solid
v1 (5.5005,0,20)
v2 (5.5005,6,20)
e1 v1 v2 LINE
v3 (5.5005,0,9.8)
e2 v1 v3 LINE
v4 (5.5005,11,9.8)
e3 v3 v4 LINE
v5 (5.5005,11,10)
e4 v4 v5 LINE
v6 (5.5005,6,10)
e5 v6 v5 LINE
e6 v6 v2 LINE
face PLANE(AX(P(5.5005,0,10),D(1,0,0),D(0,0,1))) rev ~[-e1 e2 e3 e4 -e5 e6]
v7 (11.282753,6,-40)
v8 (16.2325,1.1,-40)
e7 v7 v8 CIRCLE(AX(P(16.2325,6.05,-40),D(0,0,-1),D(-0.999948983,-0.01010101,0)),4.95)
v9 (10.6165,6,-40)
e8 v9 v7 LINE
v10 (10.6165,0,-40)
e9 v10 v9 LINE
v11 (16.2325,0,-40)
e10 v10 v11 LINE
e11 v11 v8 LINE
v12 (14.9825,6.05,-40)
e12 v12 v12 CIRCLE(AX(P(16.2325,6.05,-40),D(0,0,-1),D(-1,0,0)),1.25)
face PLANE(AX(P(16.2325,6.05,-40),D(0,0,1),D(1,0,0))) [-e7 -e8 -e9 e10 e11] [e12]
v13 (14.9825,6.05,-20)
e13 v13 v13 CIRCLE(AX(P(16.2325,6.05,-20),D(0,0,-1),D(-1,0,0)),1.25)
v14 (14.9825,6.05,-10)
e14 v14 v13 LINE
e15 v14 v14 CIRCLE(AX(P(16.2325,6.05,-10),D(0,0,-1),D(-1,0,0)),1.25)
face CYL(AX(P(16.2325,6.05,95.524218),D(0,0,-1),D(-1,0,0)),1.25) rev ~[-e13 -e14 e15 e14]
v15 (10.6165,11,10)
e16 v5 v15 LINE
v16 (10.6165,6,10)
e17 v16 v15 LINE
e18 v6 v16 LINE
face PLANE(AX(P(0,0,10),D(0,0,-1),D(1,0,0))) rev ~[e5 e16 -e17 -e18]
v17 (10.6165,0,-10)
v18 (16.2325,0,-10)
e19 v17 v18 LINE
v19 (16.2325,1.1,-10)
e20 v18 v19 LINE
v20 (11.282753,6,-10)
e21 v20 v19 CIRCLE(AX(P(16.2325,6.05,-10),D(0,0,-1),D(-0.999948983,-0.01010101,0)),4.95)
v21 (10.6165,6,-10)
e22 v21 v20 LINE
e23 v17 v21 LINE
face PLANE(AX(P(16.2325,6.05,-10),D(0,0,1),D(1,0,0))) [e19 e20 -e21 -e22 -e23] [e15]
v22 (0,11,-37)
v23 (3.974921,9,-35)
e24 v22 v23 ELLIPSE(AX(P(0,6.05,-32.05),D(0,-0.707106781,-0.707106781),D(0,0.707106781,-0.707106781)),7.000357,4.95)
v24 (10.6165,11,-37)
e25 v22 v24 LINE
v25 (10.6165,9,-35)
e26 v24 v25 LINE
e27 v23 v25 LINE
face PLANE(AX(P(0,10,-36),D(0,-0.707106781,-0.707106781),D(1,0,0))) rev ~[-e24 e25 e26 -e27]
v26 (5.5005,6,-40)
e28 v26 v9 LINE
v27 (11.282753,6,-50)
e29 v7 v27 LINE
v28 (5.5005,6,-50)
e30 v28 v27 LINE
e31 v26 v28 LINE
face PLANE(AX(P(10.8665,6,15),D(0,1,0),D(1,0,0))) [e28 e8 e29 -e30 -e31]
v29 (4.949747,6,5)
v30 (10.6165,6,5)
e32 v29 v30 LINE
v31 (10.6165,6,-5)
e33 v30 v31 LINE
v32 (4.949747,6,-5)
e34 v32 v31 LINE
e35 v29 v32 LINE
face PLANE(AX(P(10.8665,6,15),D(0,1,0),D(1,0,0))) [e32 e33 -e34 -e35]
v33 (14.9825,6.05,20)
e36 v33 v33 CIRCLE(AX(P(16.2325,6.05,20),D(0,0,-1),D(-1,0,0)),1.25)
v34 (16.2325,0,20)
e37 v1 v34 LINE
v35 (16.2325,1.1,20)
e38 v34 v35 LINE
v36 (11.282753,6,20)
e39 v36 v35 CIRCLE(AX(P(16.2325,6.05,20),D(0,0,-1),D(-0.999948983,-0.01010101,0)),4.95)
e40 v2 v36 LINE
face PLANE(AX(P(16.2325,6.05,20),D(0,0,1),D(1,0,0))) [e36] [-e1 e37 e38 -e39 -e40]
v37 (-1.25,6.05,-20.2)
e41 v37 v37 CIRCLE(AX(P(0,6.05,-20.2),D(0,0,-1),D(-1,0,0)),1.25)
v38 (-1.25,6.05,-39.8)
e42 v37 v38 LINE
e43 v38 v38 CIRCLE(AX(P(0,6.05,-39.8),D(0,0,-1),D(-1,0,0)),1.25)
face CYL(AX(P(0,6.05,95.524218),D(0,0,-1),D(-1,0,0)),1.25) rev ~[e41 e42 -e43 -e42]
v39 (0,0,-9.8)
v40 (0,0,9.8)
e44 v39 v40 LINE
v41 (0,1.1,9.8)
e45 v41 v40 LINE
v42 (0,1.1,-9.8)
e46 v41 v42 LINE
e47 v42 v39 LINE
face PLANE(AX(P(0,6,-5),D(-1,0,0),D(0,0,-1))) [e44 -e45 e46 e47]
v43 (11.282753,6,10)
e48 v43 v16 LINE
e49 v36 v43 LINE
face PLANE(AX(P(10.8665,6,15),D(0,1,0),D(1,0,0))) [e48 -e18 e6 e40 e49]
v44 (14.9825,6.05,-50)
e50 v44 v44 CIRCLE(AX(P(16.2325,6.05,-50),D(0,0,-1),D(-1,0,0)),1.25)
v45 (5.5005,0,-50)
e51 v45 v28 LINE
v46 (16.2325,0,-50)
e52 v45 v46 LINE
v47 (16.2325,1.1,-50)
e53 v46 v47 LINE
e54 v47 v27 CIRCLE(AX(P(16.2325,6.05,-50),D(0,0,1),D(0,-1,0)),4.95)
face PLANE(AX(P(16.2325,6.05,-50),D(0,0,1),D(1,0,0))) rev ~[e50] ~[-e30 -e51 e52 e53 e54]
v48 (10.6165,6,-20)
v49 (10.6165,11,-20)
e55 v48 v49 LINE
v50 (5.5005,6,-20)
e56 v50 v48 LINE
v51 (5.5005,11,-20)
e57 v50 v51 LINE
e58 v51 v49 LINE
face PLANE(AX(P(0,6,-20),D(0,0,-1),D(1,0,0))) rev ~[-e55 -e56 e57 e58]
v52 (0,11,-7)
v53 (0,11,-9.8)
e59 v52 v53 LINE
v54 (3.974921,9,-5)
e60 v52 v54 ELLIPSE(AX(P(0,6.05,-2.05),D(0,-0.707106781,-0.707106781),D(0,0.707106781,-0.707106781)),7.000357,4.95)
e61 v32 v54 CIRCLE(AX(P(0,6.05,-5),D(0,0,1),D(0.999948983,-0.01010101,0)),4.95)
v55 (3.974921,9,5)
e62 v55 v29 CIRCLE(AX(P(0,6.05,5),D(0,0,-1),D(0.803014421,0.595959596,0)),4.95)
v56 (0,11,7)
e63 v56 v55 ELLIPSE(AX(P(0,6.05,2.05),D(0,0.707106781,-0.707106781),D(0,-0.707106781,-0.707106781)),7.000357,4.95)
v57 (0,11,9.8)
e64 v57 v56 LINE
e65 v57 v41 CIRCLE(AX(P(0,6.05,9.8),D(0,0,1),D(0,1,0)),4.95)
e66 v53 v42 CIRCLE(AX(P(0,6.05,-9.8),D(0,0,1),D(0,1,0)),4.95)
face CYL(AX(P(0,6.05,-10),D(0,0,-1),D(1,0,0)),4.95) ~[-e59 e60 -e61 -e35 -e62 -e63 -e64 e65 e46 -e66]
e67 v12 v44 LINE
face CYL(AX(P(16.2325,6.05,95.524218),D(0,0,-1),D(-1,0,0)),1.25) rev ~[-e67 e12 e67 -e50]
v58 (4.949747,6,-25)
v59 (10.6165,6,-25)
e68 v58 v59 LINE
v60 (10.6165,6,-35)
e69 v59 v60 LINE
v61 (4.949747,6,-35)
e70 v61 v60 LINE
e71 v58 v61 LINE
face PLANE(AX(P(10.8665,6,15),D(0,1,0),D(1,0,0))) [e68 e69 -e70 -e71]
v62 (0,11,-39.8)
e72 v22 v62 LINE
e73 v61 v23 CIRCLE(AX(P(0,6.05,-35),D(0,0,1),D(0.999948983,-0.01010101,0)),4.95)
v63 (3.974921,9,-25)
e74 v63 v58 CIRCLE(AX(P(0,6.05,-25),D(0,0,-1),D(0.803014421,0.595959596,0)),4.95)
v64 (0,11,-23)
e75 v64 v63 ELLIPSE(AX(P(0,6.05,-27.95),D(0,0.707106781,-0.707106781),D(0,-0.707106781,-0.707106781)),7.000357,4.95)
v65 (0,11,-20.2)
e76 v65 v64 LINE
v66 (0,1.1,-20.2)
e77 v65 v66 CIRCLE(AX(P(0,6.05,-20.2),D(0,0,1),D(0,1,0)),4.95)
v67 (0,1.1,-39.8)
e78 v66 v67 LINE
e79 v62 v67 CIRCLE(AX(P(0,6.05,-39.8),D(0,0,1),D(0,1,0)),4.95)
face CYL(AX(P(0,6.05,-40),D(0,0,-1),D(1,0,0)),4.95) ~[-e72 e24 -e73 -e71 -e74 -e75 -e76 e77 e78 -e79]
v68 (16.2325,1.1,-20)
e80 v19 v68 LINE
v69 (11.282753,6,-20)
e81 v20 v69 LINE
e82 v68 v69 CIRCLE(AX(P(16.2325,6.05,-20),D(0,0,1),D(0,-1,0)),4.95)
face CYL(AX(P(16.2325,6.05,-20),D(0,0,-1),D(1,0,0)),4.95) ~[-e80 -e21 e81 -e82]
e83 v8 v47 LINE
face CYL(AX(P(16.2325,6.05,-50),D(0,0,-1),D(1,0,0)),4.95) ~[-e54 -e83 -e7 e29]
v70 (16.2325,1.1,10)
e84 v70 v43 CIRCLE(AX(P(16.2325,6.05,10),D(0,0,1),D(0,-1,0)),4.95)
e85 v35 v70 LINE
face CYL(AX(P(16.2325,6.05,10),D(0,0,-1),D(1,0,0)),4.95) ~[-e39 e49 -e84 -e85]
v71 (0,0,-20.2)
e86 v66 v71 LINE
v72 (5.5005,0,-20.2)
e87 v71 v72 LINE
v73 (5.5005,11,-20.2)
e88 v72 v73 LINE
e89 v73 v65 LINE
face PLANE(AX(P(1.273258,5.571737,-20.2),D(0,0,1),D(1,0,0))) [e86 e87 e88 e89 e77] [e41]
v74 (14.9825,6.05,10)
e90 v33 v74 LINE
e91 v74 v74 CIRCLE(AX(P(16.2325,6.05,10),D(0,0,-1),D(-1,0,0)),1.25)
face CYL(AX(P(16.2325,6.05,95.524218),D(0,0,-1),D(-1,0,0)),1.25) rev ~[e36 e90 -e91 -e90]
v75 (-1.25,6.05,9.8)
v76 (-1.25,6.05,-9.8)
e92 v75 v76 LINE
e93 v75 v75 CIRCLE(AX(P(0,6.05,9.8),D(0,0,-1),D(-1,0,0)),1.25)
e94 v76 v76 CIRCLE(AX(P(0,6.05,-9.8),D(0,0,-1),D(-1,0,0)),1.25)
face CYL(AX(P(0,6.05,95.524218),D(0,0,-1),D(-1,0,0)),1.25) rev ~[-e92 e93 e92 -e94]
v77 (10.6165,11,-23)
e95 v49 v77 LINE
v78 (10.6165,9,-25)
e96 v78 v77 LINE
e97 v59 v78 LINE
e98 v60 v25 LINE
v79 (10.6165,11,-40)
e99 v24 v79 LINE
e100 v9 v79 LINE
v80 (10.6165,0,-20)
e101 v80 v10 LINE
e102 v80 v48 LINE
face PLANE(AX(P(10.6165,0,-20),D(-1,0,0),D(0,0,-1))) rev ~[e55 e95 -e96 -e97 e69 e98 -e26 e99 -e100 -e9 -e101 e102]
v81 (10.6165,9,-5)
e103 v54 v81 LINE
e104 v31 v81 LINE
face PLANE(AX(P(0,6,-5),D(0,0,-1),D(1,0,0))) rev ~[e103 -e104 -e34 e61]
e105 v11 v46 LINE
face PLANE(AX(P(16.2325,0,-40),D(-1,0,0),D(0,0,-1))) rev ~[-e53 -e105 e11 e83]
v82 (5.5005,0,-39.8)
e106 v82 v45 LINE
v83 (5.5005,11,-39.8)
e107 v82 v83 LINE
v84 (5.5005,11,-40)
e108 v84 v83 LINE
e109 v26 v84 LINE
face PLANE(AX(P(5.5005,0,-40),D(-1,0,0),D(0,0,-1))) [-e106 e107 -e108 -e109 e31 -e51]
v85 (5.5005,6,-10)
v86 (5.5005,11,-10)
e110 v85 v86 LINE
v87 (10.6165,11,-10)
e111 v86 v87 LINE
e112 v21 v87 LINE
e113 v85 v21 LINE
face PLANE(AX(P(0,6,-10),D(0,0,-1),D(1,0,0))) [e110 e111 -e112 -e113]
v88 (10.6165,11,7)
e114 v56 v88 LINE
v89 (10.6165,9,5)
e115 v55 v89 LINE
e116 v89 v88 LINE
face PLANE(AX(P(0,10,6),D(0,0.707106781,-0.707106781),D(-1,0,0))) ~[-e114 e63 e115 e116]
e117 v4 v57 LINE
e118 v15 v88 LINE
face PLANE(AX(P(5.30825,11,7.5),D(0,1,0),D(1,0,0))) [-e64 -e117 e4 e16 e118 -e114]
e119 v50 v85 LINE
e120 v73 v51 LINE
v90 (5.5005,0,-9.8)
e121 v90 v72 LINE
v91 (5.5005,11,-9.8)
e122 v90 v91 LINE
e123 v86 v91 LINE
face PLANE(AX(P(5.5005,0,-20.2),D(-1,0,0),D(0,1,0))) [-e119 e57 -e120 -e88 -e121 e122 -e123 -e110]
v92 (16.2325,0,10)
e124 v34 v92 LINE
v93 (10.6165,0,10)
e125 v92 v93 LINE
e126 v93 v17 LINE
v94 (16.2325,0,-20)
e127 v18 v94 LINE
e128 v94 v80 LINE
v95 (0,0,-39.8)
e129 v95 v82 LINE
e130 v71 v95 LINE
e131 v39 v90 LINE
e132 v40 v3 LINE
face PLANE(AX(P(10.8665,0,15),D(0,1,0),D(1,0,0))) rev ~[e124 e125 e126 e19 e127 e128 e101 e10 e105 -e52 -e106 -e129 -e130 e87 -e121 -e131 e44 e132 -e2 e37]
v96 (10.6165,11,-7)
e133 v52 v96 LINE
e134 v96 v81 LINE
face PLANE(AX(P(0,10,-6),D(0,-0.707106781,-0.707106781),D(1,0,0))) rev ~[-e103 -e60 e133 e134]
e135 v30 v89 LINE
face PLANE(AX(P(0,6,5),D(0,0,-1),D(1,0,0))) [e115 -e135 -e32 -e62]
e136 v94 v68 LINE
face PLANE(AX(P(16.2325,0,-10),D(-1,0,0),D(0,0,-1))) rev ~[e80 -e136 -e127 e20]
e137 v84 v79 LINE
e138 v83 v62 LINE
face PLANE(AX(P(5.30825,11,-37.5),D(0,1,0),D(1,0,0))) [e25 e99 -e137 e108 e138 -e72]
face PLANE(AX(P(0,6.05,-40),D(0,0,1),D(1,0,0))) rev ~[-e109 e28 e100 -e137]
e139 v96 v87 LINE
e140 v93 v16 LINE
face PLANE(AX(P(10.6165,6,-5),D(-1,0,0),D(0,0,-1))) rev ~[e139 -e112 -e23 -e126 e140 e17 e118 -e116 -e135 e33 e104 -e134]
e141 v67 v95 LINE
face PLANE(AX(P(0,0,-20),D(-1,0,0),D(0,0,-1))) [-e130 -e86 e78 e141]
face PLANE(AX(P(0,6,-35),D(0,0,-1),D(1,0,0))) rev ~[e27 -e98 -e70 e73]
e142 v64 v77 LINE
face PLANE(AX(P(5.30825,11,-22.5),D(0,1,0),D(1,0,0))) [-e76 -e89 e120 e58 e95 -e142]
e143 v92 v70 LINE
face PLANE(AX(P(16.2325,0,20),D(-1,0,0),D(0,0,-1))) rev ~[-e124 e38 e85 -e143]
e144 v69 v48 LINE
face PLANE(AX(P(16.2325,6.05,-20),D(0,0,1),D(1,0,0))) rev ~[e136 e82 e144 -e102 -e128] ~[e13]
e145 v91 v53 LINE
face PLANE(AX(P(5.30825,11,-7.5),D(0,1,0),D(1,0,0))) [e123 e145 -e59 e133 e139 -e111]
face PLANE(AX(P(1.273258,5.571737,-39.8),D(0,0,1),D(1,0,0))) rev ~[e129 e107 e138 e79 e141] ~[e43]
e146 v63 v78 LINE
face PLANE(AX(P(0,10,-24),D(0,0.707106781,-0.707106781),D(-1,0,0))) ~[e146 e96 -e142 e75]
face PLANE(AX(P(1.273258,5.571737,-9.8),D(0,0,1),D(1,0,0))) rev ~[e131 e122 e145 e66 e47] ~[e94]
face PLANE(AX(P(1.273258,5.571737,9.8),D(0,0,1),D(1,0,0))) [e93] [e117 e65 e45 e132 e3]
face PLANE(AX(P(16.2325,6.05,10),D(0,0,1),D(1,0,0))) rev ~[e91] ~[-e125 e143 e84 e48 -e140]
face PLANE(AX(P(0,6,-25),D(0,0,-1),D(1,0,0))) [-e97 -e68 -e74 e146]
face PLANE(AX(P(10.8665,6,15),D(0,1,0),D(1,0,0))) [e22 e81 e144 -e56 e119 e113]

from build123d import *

# Parameters (mm, degrees)
SKETCH1_W             = 10.6165
SKETCH1_H             = 20
SKETCH1_W_2           = 10.732
SKETCH1_H_2           = 10
BOSS_EXTRUDE1_DEPTH   = 6
SKETCH2_W             = 10.6165
SKETCH2_H             = 5
BOSS_EXTRUDE2_DEPTH   = 5
CHAMFER1_SIZE         = 2
BOSS_EXTRUDE3_START   = -10
SKETCH3_R             = 4.95
BOSS_EXTRUDE3_DEPTH   = 20
BOSS_EXTRUDE4_START   = 10
SKETCH3_3_R           = 4.95
BOSS_EXTRUDE4_DEPTH   = 10
BOSS_EXTRUDE5_START   = -20
SKETCH3_4_R           = 4.95
BOSS_EXTRUDE5_DEPTH   = 10
BOSS_EXTRUDE6_START   = -40
SKETCH3_5_R           = 4.95
BOSS_EXTRUDE6_DEPTH   = 20
BOSS_EXTRUDE7_START   = -50
SKETCH3_6_R           = 4.95
BOSS_EXTRUDE7_DEPTH   = 10
F_1_0MM_DOWEL_HOLE1_D = 2.5
CUT_EXTRUDE1_START    = -0.2
CUT_EXTRUDE1_DEPTH    = 0.2
CUT_EXTRUDE2_START    = -30.2
CUT_EXTRUDE2_DEPTH    = 10.4
CUT_EXTRUDE3_START    = -50
CUT_EXTRUDE3_DEPTH    = 0.2


with BuildPart() as part:
    # Sketch1 → Boss-Extrude1 (new body)
    with BuildSketch(Plane(origin=(0, 0, 0), x_dir=(1, 0, 0), z_dir=(0, 1, 0))):
        Polygon((16.2325, -10), (10.6165, -10), (5.5005, -10), (5.5005, -20), (16.2325, -20), align=None)
        Polygon((10.6165, 0), (0, 0), (0, -10), (5.5005, -10), (10.6165, -10), align=None)
        Polygon((0, 10), (0, 0), (10.6165, 0), (10.6165, 10), (5.5005, 10), align=None)
        Polygon((5.5005, 10), (10.6165, 10), (16.2325, 10), (16.2325, 20), (10.6165, 20), (5.5005, 20), align=None)
        with Locations((5.30825, 30)):
            Rectangle(SKETCH1_W, SKETCH1_H)
        with Locations((10.8665, 45)):
            Rectangle(SKETCH1_W_2, SKETCH1_H_2)
    extrude(amount=BOSS_EXTRUDE1_DEPTH)

    # Sketch2 → Boss-Extrude2 (add)
    with BuildSketch(Plane(origin=(0, 6, 0), x_dir=(1, 0, 0), z_dir=(0, 1, 0))):
        with Locations((5.30825, 7.5)):
            Rectangle(SKETCH2_W, SKETCH2_H)
        with Locations((5.30825, -7.5)):
            Rectangle(SKETCH2_W, SKETCH2_H)
        with Locations((5.30825, 37.5)):
            Rectangle(SKETCH2_W, SKETCH2_H)
        with Locations((5.30825, 22.5)):
            Rectangle(SKETCH2_W, SKETCH2_H)
    extrude(amount=BOSS_EXTRUDE2_DEPTH)

    # Chamfer1
    chamfer1_edges = [part.edges().sort_by_distance(p)[0] for p in [
        (5.30825, 11, -35),
        (5.30825, 11, -25),
        (5.30825, 11, -5),
        (5.30825, 11, 5),
    ]]
    chamfer(chamfer1_edges, length=CHAMFER1_SIZE)

    # Sketch3 → Boss-Extrude3 (add)
    with BuildSketch(Plane.XY.offset(BOSS_EXTRUDE3_START)):
        with Locations((0, 6.05)):
            Circle(SKETCH3_R)
    extrude(amount=BOSS_EXTRUDE3_DEPTH)

    # Sketch3<3> → Boss-Extrude4 (add)
    with BuildSketch(Plane.XY.offset(BOSS_EXTRUDE4_START)):
        with Locations((16.2325, 6.05)):
            Circle(SKETCH3_3_R)
    extrude(amount=BOSS_EXTRUDE4_DEPTH)

    # Sketch3<4> → Boss-Extrude5 (add)
    with BuildSketch(Plane.XY.offset(BOSS_EXTRUDE5_START)):
        with Locations((16.2325, 6.05)):
            Circle(SKETCH3_4_R)
    extrude(amount=BOSS_EXTRUDE5_DEPTH)

    # Sketch3<5> → Boss-Extrude6 (add)
    with BuildSketch(Plane.XY.offset(BOSS_EXTRUDE6_START)):
        with Locations((0, 6.05)):
            Circle(SKETCH3_5_R)
    extrude(amount=BOSS_EXTRUDE6_DEPTH)

    # Sketch3<6> → Boss-Extrude7 (add)
    with BuildSketch(Plane.XY.offset(BOSS_EXTRUDE7_START)):
        with Locations((16.2325, 6.05)):
            Circle(SKETCH3_6_R)
    extrude(amount=BOSS_EXTRUDE7_DEPTH)

    # Ø1.0mm Dowel Hole1 (through all)
    with Locations(Plane.XY.offset(20)):
        with Locations((0, 6.05), (16.2325, 6.05)):
            Hole(F_1_0MM_DOWEL_HOLE1_D / 2)

    # Sketch9 → Cut-Extrude1 (cut)
    with BuildSketch(Plane.XY.offset(10).offset(CUT_EXTRUDE1_START)):
        with BuildLine():
            Line((5.5005, 6), (5.5005, 11))
            Line((5.5005, 11), (0, 11))
            ThreePointArc((0, 11), (-4.95, 6.05), (0, 1.1))
            Line((0, 1.1), (0, 0))
            Line((0, 0), (5.5005, 0))
            Line((5.5005, 0), (5.5005, 6))
        make_face()
    extrude(amount=CUT_EXTRUDE1_DEPTH, mode=Mode.SUBTRACT)

    # Sketch9<2> → Cut-Extrude2 (cut)
    with BuildSketch(Plane.XY.offset(10).offset(CUT_EXTRUDE2_START)):
        with BuildLine():
            Line((5.5005, 0), (5.5005, 6))
            Line((5.5005, 6), (5.5005, 11))
            Line((5.5005, 11), (0, 11))
            ThreePointArc((0, 11), (-4.95, 6.05), (0, 1.1))
            Line((0, 1.1), (0, 0))
            Line((0, 0), (5.5005, 0))
        make_face()
    extrude(amount=CUT_EXTRUDE2_DEPTH, mode=Mode.SUBTRACT)

    # Sketch9<4> → Cut-Extrude3 (cut)
    with BuildSketch(Plane.XY.offset(10).offset(CUT_EXTRUDE3_START)):
        with BuildLine():
            Line((5.5005, 0), (5.5005, 6))
            Line((5.5005, 6), (5.5005, 11))
            Line((5.5005, 11), (0, 11))
            ThreePointArc((0, 11), (-4.95, 6.05), (0, 1.1))
            Line((0, 1.1), (0, 0))
            Line((0, 0), (5.5005, 0))
        make_face()
    extrude(amount=CUT_EXTRUDE3_DEPTH, mode=Mode.SUBTRACT)


solid = part.part
